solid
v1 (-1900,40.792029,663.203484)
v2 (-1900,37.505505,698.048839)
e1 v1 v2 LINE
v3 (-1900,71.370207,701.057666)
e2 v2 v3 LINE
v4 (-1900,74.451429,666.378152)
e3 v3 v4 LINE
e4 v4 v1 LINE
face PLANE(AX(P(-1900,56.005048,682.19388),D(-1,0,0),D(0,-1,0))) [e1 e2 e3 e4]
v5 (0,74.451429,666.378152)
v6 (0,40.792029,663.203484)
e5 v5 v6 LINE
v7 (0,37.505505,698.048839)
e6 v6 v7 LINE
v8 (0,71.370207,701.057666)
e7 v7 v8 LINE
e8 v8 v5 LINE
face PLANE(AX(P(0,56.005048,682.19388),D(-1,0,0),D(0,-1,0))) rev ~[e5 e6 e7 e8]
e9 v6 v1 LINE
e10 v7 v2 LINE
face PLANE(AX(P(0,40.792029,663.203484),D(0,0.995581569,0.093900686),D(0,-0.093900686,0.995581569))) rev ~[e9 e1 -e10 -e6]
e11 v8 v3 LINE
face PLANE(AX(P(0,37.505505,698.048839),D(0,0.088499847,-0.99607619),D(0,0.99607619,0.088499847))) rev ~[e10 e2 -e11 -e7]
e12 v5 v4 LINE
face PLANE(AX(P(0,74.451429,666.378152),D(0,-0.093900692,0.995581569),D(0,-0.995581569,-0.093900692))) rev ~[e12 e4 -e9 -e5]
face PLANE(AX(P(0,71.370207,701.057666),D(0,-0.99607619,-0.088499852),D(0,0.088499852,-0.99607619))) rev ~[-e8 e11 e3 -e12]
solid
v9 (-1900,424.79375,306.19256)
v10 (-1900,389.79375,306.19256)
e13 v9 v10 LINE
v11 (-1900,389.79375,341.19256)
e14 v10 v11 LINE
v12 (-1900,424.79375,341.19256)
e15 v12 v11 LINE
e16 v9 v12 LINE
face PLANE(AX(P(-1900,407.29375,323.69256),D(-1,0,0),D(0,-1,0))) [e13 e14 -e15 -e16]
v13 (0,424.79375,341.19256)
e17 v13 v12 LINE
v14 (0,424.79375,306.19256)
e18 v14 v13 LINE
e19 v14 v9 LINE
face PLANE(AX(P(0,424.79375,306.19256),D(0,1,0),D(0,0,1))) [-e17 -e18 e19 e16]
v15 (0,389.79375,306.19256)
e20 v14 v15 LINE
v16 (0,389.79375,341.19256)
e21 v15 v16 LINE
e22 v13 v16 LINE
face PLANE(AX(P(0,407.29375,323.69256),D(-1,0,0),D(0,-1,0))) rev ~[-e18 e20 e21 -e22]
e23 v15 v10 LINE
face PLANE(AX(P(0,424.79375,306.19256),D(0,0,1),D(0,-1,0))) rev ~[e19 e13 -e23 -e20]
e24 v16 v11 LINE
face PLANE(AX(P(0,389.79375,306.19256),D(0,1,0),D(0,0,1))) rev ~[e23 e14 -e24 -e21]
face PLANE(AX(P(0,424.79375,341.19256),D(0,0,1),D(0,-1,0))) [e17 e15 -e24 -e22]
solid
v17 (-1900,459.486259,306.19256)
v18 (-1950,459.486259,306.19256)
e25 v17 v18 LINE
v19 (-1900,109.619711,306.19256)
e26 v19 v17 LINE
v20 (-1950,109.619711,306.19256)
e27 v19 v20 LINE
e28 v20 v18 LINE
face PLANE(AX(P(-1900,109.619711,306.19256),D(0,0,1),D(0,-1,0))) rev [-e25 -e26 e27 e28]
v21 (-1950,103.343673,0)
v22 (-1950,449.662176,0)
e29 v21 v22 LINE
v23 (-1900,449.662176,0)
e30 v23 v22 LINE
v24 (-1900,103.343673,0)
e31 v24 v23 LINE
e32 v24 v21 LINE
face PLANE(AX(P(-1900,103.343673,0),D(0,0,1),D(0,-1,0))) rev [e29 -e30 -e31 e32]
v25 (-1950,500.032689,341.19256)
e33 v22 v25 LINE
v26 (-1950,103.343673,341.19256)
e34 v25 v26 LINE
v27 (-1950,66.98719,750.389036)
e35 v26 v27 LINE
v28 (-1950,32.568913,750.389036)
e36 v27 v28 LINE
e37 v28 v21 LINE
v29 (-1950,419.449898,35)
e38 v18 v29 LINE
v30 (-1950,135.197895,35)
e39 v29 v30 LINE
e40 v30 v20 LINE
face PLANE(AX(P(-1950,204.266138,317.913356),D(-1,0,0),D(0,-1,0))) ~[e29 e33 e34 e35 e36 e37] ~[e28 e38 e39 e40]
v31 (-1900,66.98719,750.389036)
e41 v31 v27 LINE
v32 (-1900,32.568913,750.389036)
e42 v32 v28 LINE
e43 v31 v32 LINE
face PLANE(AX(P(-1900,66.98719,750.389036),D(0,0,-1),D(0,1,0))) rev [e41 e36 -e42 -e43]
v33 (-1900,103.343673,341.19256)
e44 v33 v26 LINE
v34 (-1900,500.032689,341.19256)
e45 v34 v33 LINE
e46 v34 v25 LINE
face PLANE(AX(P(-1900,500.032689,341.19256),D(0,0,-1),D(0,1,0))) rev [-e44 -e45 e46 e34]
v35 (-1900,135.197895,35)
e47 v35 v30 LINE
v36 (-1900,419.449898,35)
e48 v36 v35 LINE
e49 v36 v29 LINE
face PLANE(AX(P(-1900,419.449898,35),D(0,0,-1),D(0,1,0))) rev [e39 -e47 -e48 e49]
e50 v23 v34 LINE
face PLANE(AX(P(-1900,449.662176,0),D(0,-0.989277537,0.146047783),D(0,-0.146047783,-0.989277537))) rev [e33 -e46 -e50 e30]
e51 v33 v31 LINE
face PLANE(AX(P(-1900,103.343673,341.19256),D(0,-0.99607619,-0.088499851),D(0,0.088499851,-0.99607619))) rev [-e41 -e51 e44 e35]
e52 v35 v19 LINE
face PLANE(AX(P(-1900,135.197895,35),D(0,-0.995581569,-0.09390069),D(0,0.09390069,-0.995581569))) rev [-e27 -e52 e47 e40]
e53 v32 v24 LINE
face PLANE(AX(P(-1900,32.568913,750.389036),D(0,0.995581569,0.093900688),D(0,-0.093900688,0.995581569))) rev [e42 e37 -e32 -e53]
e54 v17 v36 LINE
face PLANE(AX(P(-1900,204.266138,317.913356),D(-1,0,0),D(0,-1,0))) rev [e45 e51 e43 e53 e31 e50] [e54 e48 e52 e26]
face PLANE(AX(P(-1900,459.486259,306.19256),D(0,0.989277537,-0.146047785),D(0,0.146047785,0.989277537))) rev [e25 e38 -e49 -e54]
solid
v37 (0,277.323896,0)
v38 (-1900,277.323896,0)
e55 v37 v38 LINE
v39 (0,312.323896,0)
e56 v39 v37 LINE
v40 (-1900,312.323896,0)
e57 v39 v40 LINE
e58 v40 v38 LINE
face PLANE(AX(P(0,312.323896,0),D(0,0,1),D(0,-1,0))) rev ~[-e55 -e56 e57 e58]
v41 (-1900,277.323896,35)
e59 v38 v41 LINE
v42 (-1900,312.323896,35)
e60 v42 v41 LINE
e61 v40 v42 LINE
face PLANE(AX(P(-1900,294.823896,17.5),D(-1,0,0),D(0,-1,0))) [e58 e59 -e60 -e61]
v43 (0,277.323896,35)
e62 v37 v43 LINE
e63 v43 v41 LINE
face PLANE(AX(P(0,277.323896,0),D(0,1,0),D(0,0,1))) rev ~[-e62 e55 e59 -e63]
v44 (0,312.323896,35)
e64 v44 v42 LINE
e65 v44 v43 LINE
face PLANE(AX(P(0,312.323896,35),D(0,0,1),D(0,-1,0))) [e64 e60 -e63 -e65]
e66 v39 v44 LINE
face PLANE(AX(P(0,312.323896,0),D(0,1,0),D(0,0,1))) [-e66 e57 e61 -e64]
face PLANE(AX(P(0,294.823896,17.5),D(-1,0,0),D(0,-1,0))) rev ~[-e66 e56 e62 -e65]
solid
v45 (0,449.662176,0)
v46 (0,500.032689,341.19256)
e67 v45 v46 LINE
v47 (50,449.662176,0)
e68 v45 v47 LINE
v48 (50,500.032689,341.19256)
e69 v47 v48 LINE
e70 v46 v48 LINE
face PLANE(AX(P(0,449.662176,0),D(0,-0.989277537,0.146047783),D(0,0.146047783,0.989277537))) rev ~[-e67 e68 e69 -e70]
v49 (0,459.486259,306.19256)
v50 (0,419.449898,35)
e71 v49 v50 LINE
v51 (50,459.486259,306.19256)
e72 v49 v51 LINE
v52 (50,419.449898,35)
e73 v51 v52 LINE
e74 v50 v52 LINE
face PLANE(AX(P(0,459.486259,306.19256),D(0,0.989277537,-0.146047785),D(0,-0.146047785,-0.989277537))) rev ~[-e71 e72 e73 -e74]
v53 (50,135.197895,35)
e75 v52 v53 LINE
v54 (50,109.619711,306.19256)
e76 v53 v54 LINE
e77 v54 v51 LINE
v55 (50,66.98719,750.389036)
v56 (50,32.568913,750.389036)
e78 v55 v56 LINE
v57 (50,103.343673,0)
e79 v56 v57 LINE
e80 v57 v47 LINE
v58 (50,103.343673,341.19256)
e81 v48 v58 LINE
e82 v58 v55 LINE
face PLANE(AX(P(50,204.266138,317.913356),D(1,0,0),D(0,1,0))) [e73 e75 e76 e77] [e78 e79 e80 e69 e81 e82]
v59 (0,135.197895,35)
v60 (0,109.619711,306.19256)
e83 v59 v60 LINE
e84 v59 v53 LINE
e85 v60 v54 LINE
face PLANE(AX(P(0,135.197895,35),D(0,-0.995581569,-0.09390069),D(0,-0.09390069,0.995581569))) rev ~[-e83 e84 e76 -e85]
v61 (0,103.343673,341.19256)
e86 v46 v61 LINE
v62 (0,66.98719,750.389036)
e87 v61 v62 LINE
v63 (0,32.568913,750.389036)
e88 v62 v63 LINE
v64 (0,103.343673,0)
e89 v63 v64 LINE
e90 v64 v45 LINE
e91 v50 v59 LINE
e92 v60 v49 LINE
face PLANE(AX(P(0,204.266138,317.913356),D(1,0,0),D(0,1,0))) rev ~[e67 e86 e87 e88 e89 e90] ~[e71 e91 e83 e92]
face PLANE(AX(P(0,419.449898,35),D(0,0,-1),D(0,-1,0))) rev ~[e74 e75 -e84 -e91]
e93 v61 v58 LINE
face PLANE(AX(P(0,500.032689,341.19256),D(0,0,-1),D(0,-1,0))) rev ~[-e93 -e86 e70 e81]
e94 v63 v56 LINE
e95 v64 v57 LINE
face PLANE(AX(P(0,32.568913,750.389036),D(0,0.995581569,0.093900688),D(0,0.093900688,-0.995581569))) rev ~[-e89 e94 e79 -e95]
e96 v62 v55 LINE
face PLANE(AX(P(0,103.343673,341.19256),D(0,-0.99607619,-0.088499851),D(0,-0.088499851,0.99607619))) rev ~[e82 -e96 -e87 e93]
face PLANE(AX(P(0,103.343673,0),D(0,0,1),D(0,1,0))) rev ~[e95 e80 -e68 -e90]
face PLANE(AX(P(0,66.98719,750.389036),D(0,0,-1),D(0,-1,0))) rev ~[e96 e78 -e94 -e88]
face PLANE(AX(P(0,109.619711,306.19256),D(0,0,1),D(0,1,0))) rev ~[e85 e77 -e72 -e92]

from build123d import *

# Parameters (mm, degrees)
F1_DEPTH = 50
F2_W     = 35
F2_H     = 35
F3_DEPTH = 950
F6_W     = 35
F6_H     = 35
F7_DEPTH = 1900


with BuildPart() as f1:
    # F0 (on Right) → F1 (new body)
    with BuildSketch(Plane.YZ):
        Polygon((66.98719, 750.389036), (32.568913, 750.389036), (103.343673, 0), (449.662176, 0), (500.032689, 341.19256), (103.343673, 341.19256), align=None)
        Polygon((419.449898, 35), (135.197895, 35), (109.619711, 306.19256), (459.486259, 306.19256), align=None, mode=Mode.SUBTRACT)
    extrude(amount=F1_DEPTH)


with BuildPart() as f3:
    # F2 (on face) → F3 (new body)
    with BuildSketch(Plane(origin=(0, 0, 0), x_dir=(0, -1, 0), z_dir=(-1, 0, 0))):
        with Locations((-302.052985, 323.69256)):
            Rectangle(F2_W, F2_H)
        with Locations((-294.823896, 17.5)):
            Rectangle(F2_W, F2_H)
    extrude(amount=F3_DEPTH)


with BuildPart() as f4_1:
    # F4: instance of F1
    add(f1.part.mirror(Plane(origin=(-950, 302.052985, 323.69256), x_dir=(0, -1, 0), z_dir=(-1, 0, 0))))


with BuildPart() as f7:
    # F6 (on face) → F7 (new body, through all)
    with BuildSketch(Plane(origin=(0, 0, 0), x_dir=(0, -1, 0), z_dir=(-1, 0, 0))):
        with Locations((-294.823896, 17.5)):
            Rectangle(F6_W, F6_H)
        Polygon((-37.505505, 698.048839), (-71.370207, 701.057666), (-74.451429, 666.378152), (-40.792029, 663.203484), align=None)
        with Locations((-407.29375, 323.69256)):
            Rectangle(F6_W, F6_H)
    extrude(amount=F7_DEPTH)


solid = Compound([f1.part, f4_1.part, f7.part])
